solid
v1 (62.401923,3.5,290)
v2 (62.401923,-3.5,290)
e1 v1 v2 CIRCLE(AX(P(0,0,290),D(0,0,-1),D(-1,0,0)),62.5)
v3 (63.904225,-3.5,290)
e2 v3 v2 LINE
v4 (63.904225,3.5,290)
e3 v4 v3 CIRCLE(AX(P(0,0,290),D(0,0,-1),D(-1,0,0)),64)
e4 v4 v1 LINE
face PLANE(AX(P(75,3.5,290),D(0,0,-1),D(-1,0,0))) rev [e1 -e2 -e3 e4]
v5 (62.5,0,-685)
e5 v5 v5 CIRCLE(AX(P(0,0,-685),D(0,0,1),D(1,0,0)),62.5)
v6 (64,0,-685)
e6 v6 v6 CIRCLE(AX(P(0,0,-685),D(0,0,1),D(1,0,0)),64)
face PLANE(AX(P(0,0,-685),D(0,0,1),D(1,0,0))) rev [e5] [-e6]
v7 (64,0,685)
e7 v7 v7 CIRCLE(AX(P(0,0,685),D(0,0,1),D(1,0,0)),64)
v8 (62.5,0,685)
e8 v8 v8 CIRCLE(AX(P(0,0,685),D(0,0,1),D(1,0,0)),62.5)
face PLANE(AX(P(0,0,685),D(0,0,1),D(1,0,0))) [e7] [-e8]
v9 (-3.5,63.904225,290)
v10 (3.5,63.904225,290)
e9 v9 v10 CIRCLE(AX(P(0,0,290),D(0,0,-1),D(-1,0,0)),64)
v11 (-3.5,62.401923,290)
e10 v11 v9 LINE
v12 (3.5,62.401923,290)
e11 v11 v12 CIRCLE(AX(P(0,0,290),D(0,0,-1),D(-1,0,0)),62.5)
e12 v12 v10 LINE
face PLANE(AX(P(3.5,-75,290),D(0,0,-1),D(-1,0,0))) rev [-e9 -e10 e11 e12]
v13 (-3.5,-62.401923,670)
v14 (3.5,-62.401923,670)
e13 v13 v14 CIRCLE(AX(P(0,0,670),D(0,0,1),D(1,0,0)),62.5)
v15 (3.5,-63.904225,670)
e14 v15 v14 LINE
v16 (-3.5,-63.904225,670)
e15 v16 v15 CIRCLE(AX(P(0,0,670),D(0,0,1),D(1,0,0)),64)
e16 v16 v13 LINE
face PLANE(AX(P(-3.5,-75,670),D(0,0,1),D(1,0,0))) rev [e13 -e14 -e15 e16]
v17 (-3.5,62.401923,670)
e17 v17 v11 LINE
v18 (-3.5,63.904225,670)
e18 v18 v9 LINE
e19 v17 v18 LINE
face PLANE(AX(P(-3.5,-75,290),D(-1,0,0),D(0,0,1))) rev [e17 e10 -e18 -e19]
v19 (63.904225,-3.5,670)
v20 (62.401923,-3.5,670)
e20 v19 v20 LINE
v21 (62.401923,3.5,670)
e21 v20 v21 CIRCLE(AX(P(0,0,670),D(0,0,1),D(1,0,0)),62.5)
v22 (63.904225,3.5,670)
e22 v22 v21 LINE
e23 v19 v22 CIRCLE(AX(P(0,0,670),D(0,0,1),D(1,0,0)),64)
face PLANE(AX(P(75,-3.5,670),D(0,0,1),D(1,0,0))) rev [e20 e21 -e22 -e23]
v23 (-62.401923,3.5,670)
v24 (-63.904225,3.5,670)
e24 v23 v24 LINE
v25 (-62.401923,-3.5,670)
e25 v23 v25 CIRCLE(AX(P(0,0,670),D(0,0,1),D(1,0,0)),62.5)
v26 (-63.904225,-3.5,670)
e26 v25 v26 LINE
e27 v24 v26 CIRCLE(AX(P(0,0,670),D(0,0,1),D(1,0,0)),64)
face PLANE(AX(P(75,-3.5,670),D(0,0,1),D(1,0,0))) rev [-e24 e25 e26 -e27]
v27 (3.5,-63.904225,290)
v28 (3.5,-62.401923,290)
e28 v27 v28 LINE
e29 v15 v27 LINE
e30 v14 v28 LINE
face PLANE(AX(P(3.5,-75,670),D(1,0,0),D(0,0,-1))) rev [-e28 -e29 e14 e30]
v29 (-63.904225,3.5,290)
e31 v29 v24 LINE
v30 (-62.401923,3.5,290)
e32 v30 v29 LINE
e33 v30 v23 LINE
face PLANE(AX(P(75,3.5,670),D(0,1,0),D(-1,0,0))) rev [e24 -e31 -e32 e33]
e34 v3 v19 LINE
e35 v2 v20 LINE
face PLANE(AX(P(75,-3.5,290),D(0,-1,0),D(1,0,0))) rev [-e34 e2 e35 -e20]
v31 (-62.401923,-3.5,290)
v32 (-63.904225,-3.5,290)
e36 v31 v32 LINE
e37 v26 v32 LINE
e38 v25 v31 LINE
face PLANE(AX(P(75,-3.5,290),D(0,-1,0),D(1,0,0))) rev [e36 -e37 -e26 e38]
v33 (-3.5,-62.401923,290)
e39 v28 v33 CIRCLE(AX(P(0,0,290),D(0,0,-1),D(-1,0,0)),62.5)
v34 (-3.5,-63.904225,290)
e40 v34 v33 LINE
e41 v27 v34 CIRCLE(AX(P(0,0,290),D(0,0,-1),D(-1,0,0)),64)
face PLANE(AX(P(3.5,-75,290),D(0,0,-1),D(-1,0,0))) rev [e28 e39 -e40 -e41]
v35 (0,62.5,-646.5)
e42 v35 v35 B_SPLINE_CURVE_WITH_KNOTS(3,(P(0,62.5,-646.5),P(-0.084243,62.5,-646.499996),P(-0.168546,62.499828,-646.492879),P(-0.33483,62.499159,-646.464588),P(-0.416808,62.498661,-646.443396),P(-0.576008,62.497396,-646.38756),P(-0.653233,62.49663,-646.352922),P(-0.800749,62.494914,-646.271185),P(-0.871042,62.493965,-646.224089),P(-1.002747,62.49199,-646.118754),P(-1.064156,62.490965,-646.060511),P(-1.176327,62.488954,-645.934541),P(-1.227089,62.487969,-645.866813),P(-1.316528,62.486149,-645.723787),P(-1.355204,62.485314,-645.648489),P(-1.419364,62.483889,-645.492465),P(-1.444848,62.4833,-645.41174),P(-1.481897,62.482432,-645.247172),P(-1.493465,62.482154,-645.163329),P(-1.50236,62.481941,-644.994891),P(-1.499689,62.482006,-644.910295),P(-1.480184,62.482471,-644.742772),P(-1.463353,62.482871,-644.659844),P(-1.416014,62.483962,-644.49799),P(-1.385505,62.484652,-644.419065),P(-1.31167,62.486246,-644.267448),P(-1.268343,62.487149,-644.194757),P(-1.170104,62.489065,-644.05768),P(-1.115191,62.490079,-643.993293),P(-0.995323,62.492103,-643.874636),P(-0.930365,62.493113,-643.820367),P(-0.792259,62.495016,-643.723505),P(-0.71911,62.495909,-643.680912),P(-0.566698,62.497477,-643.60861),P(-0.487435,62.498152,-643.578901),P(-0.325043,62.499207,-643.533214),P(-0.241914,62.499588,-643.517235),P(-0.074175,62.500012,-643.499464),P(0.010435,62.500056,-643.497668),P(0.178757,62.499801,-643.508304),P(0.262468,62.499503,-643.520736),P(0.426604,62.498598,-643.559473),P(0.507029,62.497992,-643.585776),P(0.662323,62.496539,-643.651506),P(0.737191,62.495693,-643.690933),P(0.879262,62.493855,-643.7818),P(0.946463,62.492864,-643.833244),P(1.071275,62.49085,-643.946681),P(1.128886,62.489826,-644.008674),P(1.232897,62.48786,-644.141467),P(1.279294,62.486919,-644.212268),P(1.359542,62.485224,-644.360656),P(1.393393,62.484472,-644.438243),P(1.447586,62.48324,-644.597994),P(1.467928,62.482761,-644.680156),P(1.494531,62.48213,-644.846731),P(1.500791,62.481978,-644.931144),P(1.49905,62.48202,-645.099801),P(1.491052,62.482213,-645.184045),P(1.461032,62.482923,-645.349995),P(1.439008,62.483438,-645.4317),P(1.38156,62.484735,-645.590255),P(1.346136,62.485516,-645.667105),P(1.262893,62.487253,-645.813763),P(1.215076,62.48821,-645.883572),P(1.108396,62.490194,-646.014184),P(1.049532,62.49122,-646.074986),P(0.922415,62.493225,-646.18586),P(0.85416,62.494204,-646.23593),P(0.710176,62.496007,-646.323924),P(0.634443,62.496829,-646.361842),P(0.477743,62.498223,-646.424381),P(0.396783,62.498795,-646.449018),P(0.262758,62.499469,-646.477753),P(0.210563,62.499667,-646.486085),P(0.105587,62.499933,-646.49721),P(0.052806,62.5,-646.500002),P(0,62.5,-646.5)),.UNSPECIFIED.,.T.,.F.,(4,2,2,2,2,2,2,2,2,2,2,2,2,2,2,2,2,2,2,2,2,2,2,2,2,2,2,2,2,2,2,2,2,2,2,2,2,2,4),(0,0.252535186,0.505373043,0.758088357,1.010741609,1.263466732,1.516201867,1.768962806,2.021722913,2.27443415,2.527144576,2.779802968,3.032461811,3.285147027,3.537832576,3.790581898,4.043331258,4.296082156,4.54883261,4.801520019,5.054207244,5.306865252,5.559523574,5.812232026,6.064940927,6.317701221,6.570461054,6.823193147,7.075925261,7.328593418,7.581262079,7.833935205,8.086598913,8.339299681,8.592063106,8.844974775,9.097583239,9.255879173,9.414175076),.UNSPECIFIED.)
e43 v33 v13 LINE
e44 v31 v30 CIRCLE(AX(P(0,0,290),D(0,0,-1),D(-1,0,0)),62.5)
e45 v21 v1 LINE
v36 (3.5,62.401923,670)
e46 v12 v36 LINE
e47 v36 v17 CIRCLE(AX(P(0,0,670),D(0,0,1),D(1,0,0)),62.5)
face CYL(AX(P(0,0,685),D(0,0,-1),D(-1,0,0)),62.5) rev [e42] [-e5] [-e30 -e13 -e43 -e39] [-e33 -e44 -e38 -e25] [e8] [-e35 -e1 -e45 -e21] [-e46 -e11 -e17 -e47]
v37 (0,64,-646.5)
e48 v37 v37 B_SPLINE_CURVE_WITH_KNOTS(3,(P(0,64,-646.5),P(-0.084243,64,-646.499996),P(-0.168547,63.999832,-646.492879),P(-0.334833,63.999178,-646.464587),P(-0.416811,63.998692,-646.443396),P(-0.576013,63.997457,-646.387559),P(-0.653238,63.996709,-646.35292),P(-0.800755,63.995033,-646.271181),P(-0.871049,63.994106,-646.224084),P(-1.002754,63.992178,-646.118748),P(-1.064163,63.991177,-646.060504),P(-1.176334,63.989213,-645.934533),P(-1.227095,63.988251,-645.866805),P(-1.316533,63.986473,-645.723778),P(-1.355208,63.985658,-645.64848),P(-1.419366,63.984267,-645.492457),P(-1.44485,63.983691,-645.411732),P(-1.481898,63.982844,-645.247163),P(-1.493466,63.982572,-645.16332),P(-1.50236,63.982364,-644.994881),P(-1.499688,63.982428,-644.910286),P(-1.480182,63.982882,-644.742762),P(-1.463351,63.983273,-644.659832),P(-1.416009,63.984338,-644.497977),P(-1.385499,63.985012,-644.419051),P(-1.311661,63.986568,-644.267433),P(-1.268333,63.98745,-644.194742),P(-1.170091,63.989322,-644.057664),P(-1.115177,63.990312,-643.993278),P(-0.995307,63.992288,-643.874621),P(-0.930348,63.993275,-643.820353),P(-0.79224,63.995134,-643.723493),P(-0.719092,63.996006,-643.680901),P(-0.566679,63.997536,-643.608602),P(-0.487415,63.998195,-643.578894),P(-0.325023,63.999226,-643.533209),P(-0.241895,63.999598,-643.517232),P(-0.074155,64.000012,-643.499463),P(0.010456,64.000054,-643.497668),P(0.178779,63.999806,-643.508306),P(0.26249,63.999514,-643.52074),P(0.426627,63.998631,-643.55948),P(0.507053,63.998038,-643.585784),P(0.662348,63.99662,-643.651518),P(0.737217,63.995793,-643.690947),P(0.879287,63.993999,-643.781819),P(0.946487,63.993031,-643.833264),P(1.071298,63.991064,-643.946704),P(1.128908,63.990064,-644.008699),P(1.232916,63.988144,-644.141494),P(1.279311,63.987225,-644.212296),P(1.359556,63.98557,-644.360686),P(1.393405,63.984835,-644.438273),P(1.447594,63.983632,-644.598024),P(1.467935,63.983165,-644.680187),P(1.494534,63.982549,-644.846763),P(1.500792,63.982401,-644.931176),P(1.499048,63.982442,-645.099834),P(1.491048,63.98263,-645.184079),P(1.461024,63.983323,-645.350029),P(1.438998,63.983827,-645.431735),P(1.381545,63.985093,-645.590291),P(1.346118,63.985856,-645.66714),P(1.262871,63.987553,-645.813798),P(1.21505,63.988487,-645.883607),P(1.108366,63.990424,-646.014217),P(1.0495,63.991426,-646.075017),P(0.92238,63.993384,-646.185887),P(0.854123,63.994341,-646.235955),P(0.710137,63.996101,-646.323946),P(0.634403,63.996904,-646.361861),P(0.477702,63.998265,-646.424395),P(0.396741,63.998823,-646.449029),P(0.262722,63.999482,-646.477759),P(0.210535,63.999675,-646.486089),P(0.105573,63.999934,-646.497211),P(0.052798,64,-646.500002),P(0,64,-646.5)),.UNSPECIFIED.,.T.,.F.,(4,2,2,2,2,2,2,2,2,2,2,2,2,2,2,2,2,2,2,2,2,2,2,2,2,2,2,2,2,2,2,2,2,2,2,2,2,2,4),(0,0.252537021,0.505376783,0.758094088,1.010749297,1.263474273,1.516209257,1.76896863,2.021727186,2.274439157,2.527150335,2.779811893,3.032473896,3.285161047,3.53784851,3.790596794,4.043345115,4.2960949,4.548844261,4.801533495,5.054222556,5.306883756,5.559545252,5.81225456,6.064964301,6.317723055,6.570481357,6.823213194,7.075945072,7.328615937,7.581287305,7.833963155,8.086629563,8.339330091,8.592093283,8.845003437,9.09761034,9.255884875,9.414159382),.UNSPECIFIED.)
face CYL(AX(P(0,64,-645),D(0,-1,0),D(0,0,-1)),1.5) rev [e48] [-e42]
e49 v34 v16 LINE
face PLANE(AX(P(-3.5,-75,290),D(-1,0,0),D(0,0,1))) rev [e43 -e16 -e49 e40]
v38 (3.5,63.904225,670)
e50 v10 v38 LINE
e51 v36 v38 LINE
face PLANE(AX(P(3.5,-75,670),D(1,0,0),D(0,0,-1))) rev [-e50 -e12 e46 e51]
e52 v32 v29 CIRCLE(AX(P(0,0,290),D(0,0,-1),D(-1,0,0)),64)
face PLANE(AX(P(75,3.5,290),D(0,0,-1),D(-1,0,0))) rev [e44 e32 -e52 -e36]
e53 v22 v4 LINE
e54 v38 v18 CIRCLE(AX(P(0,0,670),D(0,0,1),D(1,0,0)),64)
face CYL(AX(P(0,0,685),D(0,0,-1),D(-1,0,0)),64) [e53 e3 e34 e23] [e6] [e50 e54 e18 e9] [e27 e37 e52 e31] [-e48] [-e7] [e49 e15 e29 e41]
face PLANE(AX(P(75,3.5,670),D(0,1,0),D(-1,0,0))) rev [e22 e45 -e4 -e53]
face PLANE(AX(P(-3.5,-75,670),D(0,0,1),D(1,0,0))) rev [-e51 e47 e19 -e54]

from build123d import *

# Parameters (mm, degrees)
SKETCH1_R           = 64
SKETCH1_R_2         = 62.5
BOSS_EXTRUDE1_DEPTH = 685
SKETCH2_W           = 7
SKETCH2_H           = 380
CUT_EXTRUDE1_DEPTH  = 75
CIRPATTERN1_COUNT   = 4
SKETCH3_R           = 1.5
CUT_EXTRUDE2_DEPTH  = 691.953688752


with BuildPart() as part:
    # Sketch1 → Boss-Extrude1 (new, symmetric)
    with BuildSketch(Plane.XY):
        Circle(SKETCH1_R)
        Circle(SKETCH1_R_2, mode=Mode.SUBTRACT)
    extrude(amount=BOSS_EXTRUDE1_DEPTH, both=True)

    # Sketch2 → Cut-Extrude1 (cut, symmetric)
    with BuildSketch(Plane(origin=(0, 0, 0), x_dir=(1, 0, 0), z_dir=(0, 1, 0))):
        with Locations((0, -480)):
            Rectangle(SKETCH2_W, SKETCH2_H)
    cut_extrude1 = extrude(amount=CUT_EXTRUDE1_DEPTH, both=True, mode=Mode.SUBTRACT)

    # CirPattern1: Cut-Extrude1 ×4 about axis
    cirpattern1_axis = Axis((0, 0, 685), (0, 0, 1))
    for i in range(1, CIRPATTERN1_COUNT):
        add(cut_extrude1.rotate(cirpattern1_axis, i * 360 / CIRPATTERN1_COUNT), mode=Mode.SUBTRACT)

    # Sketch3 → Cut-Extrude2 (cut, through all)
    with BuildSketch(Plane(origin=(0, 0, 0), x_dir=(1, 0, 0), z_dir=(0, 1, 0))):
        with Locations(Location((0, 645, 0), (0, 0, 90))):
            Circle(SKETCH3_R)
    extrude(amount=CUT_EXTRUDE2_DEPTH, mode=Mode.SUBTRACT)


solid = part.part
